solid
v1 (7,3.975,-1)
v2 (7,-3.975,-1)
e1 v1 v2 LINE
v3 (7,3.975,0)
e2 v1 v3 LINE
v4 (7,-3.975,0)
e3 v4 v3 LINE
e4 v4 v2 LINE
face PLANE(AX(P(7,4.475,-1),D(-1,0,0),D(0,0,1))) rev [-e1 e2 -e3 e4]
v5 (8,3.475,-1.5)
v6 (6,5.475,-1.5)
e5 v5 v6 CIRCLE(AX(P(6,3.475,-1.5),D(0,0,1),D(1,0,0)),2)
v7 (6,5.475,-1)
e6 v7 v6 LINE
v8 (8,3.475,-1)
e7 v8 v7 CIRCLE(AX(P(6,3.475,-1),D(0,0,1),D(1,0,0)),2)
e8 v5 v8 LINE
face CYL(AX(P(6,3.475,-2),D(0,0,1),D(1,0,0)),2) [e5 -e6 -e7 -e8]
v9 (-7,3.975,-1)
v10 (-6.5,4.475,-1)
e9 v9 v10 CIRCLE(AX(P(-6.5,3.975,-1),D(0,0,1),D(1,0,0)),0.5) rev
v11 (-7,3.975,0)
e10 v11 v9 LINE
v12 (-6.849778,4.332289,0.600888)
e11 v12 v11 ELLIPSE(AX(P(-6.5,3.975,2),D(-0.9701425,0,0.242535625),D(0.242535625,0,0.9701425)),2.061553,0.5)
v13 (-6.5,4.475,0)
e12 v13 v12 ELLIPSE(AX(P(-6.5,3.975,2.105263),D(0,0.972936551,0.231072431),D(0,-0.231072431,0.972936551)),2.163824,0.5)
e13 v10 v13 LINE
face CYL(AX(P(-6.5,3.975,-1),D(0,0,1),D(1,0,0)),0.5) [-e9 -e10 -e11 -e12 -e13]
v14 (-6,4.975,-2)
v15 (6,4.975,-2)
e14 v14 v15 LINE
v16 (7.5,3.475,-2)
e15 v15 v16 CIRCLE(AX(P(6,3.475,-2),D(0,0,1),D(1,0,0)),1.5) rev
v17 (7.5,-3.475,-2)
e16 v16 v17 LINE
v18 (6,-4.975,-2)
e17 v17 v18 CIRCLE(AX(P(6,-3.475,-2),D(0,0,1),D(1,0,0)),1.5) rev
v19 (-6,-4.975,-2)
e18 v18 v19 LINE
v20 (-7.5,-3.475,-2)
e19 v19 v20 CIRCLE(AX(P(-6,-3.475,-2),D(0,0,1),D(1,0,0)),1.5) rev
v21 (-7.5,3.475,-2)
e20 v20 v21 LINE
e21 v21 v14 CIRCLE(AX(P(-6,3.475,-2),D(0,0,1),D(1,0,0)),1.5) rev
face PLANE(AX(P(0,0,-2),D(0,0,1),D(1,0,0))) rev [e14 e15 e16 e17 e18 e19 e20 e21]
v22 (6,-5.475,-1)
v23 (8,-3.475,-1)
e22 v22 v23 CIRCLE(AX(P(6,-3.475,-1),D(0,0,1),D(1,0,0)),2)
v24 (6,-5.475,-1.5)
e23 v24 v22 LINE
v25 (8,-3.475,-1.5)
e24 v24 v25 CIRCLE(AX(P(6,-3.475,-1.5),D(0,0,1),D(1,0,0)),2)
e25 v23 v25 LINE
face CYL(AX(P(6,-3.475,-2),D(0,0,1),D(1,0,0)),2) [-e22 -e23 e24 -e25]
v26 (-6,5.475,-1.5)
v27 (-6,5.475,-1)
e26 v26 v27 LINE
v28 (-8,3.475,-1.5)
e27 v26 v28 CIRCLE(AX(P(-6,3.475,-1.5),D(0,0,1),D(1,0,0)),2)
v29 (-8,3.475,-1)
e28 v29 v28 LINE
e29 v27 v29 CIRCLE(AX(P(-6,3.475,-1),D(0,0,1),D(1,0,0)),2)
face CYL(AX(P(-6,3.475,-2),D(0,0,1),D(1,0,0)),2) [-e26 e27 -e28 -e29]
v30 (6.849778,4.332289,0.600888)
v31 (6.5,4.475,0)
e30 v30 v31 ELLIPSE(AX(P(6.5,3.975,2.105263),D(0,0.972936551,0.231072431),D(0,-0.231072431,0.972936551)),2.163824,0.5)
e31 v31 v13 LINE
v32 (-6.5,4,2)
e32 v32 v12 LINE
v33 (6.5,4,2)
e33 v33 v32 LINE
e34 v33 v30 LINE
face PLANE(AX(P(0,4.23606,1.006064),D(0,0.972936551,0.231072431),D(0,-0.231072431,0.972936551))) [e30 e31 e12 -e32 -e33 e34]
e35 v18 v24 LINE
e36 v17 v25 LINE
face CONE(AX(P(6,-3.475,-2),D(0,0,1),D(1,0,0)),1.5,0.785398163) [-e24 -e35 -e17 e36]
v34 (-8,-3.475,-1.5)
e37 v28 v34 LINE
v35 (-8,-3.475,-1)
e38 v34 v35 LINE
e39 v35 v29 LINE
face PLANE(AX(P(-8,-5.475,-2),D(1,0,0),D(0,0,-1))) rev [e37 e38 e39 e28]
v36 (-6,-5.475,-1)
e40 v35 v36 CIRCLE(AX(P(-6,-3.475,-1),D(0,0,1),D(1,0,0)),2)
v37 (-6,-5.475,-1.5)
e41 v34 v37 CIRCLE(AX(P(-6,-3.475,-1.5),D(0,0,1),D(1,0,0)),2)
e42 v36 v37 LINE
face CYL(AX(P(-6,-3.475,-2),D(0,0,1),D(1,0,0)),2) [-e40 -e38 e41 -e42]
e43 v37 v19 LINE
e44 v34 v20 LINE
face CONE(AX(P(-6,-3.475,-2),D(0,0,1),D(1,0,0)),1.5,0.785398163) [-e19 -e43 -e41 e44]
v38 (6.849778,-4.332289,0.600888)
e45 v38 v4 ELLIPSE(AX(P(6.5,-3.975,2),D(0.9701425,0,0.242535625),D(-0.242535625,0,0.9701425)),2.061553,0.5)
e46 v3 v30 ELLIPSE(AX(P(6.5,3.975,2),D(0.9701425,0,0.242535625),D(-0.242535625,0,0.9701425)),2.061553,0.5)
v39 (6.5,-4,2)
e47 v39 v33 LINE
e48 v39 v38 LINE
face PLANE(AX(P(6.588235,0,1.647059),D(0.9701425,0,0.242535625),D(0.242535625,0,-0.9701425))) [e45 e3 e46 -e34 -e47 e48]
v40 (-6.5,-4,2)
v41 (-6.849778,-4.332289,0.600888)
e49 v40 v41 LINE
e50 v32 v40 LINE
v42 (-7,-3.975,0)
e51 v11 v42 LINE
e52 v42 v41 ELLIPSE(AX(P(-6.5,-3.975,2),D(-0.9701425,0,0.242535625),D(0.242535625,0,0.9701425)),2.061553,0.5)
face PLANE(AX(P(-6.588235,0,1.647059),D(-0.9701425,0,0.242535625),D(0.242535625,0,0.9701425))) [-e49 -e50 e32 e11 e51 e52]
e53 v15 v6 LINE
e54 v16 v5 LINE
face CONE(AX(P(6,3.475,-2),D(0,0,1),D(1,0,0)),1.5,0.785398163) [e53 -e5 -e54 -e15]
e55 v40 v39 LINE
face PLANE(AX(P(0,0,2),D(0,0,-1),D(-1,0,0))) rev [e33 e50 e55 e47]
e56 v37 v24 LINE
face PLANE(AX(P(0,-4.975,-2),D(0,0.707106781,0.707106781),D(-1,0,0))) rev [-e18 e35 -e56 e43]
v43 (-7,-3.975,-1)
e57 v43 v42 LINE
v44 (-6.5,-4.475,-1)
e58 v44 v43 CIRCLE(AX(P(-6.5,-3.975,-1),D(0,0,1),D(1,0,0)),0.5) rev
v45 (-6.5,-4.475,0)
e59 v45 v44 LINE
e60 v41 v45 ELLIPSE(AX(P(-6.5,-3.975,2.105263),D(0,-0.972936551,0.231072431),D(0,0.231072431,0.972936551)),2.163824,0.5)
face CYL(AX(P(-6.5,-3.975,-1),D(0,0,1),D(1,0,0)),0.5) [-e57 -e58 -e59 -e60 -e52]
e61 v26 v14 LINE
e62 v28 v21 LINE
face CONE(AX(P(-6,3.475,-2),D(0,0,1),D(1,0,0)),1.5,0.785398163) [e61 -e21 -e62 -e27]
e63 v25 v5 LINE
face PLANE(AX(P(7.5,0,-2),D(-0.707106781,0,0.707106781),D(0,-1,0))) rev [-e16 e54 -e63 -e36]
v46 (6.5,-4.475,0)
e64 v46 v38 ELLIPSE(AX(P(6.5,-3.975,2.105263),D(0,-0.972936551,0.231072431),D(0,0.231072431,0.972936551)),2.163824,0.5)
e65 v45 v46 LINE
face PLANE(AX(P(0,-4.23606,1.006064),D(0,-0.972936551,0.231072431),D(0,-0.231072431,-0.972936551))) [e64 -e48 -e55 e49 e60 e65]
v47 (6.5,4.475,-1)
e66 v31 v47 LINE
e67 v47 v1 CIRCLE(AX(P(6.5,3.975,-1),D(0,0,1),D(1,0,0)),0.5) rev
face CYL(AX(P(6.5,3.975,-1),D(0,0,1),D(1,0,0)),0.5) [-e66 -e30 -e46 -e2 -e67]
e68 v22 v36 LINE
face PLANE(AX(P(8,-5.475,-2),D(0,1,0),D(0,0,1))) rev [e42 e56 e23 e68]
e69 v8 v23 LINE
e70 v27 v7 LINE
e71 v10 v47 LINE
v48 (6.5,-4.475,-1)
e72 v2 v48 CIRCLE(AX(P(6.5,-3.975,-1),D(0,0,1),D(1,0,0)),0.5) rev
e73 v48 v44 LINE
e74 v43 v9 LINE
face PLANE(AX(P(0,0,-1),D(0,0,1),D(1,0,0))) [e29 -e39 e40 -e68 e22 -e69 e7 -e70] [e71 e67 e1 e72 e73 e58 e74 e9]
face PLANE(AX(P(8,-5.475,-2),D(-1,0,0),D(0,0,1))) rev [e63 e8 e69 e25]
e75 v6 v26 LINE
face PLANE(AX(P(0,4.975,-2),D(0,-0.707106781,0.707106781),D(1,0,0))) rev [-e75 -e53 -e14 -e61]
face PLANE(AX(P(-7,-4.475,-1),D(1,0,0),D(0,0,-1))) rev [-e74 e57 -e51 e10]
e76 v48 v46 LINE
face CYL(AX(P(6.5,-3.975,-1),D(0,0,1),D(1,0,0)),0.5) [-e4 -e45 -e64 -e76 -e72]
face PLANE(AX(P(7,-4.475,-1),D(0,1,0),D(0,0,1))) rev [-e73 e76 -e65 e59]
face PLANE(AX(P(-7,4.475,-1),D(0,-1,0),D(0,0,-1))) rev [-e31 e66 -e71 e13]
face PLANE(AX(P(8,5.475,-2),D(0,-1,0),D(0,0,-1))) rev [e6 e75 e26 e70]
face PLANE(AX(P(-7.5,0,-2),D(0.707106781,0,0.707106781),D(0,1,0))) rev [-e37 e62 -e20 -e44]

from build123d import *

# Parameters (mm, degrees)
SKETCH2_W           = 13
SKETCH2_H           = 8
SKETCH1_W           = 14
SKETCH1_H           = 8.95
SKETCH3_W           = 14
SKETCH3_H           = 8.95
BOSS_EXTRUDE1_DEPTH = 1
SKETCH4_W           = 16
SKETCH4_H           = 10.95
BOSS_EXTRUDE2_DEPTH = 1
FILLET1_R           = 2
CHAMFER1_SIZE       = 0.5
FILLET2_R           = 0.5


with BuildPart() as part:
    # Sketch2 → Loft1 section 0
    with BuildSketch(Plane.XY.offset(2)):
        Rectangle(SKETCH2_W, SKETCH2_H)
    # Sketch1 → Loft1 section 1
    with BuildSketch(Plane.XY):
        Rectangle(SKETCH1_W, SKETCH1_H)
    loft()

    # Sketch3 → Boss-Extrude1 (add)
    with BuildSketch(Plane(origin=(0, 0, 0), x_dir=(-1, 0, 0), z_dir=(0, 0, -1))):
        Rectangle(SKETCH3_W, SKETCH3_H)
    extrude(amount=BOSS_EXTRUDE1_DEPTH)

    # Sketch4 → Boss-Extrude2 (add)
    with BuildSketch(Plane(origin=(0, 0, -1), x_dir=(-1, 0, 0), z_dir=(0, 0, -1))):
        Rectangle(SKETCH4_W, SKETCH4_H)
    extrude(amount=BOSS_EXTRUDE2_DEPTH)

    # Fillet1
    fillet1_edges = [part.edges().sort_by_distance(p)[0] for p in [
        (-8, -5.475, -1.5),
        (-8, 5.475, -1.5),
        (8, 5.475, -1.5),
        (8, -5.475, -1.5),
    ]]
    fillet(fillet1_edges, radius=FILLET1_R)

    # Chamfer1
    chamfer1_edges = [part.edges().sort_by_distance(p)[0] for p in [
        (-8, 0, -2),
        (0, -5.475, -2),
        (0, 5.475, -2),
        (8, 0, -2),
        (7.414213562, 4.889213562, -2),
        (7.414213562, -4.889213562, -2),
        (-7.414213562, 4.889213562, -2),
        (-7.414213562, -4.889213562, -2),
    ]]
    chamfer(chamfer1_edges, length=CHAMFER1_SIZE)

    # Fillet2
    fillet2_edges = [part.edges().sort_by_distance(p)[0] for p in [
        (-7, -4.475, -0.5),
        (-7, 4.475, -0.5),
        (7, -4.475, -0.5),
        (7, 4.475, -0.5),
    ]]
    fillet(fillet2_edges, radius=FILLET2_R)


solid = part.part
